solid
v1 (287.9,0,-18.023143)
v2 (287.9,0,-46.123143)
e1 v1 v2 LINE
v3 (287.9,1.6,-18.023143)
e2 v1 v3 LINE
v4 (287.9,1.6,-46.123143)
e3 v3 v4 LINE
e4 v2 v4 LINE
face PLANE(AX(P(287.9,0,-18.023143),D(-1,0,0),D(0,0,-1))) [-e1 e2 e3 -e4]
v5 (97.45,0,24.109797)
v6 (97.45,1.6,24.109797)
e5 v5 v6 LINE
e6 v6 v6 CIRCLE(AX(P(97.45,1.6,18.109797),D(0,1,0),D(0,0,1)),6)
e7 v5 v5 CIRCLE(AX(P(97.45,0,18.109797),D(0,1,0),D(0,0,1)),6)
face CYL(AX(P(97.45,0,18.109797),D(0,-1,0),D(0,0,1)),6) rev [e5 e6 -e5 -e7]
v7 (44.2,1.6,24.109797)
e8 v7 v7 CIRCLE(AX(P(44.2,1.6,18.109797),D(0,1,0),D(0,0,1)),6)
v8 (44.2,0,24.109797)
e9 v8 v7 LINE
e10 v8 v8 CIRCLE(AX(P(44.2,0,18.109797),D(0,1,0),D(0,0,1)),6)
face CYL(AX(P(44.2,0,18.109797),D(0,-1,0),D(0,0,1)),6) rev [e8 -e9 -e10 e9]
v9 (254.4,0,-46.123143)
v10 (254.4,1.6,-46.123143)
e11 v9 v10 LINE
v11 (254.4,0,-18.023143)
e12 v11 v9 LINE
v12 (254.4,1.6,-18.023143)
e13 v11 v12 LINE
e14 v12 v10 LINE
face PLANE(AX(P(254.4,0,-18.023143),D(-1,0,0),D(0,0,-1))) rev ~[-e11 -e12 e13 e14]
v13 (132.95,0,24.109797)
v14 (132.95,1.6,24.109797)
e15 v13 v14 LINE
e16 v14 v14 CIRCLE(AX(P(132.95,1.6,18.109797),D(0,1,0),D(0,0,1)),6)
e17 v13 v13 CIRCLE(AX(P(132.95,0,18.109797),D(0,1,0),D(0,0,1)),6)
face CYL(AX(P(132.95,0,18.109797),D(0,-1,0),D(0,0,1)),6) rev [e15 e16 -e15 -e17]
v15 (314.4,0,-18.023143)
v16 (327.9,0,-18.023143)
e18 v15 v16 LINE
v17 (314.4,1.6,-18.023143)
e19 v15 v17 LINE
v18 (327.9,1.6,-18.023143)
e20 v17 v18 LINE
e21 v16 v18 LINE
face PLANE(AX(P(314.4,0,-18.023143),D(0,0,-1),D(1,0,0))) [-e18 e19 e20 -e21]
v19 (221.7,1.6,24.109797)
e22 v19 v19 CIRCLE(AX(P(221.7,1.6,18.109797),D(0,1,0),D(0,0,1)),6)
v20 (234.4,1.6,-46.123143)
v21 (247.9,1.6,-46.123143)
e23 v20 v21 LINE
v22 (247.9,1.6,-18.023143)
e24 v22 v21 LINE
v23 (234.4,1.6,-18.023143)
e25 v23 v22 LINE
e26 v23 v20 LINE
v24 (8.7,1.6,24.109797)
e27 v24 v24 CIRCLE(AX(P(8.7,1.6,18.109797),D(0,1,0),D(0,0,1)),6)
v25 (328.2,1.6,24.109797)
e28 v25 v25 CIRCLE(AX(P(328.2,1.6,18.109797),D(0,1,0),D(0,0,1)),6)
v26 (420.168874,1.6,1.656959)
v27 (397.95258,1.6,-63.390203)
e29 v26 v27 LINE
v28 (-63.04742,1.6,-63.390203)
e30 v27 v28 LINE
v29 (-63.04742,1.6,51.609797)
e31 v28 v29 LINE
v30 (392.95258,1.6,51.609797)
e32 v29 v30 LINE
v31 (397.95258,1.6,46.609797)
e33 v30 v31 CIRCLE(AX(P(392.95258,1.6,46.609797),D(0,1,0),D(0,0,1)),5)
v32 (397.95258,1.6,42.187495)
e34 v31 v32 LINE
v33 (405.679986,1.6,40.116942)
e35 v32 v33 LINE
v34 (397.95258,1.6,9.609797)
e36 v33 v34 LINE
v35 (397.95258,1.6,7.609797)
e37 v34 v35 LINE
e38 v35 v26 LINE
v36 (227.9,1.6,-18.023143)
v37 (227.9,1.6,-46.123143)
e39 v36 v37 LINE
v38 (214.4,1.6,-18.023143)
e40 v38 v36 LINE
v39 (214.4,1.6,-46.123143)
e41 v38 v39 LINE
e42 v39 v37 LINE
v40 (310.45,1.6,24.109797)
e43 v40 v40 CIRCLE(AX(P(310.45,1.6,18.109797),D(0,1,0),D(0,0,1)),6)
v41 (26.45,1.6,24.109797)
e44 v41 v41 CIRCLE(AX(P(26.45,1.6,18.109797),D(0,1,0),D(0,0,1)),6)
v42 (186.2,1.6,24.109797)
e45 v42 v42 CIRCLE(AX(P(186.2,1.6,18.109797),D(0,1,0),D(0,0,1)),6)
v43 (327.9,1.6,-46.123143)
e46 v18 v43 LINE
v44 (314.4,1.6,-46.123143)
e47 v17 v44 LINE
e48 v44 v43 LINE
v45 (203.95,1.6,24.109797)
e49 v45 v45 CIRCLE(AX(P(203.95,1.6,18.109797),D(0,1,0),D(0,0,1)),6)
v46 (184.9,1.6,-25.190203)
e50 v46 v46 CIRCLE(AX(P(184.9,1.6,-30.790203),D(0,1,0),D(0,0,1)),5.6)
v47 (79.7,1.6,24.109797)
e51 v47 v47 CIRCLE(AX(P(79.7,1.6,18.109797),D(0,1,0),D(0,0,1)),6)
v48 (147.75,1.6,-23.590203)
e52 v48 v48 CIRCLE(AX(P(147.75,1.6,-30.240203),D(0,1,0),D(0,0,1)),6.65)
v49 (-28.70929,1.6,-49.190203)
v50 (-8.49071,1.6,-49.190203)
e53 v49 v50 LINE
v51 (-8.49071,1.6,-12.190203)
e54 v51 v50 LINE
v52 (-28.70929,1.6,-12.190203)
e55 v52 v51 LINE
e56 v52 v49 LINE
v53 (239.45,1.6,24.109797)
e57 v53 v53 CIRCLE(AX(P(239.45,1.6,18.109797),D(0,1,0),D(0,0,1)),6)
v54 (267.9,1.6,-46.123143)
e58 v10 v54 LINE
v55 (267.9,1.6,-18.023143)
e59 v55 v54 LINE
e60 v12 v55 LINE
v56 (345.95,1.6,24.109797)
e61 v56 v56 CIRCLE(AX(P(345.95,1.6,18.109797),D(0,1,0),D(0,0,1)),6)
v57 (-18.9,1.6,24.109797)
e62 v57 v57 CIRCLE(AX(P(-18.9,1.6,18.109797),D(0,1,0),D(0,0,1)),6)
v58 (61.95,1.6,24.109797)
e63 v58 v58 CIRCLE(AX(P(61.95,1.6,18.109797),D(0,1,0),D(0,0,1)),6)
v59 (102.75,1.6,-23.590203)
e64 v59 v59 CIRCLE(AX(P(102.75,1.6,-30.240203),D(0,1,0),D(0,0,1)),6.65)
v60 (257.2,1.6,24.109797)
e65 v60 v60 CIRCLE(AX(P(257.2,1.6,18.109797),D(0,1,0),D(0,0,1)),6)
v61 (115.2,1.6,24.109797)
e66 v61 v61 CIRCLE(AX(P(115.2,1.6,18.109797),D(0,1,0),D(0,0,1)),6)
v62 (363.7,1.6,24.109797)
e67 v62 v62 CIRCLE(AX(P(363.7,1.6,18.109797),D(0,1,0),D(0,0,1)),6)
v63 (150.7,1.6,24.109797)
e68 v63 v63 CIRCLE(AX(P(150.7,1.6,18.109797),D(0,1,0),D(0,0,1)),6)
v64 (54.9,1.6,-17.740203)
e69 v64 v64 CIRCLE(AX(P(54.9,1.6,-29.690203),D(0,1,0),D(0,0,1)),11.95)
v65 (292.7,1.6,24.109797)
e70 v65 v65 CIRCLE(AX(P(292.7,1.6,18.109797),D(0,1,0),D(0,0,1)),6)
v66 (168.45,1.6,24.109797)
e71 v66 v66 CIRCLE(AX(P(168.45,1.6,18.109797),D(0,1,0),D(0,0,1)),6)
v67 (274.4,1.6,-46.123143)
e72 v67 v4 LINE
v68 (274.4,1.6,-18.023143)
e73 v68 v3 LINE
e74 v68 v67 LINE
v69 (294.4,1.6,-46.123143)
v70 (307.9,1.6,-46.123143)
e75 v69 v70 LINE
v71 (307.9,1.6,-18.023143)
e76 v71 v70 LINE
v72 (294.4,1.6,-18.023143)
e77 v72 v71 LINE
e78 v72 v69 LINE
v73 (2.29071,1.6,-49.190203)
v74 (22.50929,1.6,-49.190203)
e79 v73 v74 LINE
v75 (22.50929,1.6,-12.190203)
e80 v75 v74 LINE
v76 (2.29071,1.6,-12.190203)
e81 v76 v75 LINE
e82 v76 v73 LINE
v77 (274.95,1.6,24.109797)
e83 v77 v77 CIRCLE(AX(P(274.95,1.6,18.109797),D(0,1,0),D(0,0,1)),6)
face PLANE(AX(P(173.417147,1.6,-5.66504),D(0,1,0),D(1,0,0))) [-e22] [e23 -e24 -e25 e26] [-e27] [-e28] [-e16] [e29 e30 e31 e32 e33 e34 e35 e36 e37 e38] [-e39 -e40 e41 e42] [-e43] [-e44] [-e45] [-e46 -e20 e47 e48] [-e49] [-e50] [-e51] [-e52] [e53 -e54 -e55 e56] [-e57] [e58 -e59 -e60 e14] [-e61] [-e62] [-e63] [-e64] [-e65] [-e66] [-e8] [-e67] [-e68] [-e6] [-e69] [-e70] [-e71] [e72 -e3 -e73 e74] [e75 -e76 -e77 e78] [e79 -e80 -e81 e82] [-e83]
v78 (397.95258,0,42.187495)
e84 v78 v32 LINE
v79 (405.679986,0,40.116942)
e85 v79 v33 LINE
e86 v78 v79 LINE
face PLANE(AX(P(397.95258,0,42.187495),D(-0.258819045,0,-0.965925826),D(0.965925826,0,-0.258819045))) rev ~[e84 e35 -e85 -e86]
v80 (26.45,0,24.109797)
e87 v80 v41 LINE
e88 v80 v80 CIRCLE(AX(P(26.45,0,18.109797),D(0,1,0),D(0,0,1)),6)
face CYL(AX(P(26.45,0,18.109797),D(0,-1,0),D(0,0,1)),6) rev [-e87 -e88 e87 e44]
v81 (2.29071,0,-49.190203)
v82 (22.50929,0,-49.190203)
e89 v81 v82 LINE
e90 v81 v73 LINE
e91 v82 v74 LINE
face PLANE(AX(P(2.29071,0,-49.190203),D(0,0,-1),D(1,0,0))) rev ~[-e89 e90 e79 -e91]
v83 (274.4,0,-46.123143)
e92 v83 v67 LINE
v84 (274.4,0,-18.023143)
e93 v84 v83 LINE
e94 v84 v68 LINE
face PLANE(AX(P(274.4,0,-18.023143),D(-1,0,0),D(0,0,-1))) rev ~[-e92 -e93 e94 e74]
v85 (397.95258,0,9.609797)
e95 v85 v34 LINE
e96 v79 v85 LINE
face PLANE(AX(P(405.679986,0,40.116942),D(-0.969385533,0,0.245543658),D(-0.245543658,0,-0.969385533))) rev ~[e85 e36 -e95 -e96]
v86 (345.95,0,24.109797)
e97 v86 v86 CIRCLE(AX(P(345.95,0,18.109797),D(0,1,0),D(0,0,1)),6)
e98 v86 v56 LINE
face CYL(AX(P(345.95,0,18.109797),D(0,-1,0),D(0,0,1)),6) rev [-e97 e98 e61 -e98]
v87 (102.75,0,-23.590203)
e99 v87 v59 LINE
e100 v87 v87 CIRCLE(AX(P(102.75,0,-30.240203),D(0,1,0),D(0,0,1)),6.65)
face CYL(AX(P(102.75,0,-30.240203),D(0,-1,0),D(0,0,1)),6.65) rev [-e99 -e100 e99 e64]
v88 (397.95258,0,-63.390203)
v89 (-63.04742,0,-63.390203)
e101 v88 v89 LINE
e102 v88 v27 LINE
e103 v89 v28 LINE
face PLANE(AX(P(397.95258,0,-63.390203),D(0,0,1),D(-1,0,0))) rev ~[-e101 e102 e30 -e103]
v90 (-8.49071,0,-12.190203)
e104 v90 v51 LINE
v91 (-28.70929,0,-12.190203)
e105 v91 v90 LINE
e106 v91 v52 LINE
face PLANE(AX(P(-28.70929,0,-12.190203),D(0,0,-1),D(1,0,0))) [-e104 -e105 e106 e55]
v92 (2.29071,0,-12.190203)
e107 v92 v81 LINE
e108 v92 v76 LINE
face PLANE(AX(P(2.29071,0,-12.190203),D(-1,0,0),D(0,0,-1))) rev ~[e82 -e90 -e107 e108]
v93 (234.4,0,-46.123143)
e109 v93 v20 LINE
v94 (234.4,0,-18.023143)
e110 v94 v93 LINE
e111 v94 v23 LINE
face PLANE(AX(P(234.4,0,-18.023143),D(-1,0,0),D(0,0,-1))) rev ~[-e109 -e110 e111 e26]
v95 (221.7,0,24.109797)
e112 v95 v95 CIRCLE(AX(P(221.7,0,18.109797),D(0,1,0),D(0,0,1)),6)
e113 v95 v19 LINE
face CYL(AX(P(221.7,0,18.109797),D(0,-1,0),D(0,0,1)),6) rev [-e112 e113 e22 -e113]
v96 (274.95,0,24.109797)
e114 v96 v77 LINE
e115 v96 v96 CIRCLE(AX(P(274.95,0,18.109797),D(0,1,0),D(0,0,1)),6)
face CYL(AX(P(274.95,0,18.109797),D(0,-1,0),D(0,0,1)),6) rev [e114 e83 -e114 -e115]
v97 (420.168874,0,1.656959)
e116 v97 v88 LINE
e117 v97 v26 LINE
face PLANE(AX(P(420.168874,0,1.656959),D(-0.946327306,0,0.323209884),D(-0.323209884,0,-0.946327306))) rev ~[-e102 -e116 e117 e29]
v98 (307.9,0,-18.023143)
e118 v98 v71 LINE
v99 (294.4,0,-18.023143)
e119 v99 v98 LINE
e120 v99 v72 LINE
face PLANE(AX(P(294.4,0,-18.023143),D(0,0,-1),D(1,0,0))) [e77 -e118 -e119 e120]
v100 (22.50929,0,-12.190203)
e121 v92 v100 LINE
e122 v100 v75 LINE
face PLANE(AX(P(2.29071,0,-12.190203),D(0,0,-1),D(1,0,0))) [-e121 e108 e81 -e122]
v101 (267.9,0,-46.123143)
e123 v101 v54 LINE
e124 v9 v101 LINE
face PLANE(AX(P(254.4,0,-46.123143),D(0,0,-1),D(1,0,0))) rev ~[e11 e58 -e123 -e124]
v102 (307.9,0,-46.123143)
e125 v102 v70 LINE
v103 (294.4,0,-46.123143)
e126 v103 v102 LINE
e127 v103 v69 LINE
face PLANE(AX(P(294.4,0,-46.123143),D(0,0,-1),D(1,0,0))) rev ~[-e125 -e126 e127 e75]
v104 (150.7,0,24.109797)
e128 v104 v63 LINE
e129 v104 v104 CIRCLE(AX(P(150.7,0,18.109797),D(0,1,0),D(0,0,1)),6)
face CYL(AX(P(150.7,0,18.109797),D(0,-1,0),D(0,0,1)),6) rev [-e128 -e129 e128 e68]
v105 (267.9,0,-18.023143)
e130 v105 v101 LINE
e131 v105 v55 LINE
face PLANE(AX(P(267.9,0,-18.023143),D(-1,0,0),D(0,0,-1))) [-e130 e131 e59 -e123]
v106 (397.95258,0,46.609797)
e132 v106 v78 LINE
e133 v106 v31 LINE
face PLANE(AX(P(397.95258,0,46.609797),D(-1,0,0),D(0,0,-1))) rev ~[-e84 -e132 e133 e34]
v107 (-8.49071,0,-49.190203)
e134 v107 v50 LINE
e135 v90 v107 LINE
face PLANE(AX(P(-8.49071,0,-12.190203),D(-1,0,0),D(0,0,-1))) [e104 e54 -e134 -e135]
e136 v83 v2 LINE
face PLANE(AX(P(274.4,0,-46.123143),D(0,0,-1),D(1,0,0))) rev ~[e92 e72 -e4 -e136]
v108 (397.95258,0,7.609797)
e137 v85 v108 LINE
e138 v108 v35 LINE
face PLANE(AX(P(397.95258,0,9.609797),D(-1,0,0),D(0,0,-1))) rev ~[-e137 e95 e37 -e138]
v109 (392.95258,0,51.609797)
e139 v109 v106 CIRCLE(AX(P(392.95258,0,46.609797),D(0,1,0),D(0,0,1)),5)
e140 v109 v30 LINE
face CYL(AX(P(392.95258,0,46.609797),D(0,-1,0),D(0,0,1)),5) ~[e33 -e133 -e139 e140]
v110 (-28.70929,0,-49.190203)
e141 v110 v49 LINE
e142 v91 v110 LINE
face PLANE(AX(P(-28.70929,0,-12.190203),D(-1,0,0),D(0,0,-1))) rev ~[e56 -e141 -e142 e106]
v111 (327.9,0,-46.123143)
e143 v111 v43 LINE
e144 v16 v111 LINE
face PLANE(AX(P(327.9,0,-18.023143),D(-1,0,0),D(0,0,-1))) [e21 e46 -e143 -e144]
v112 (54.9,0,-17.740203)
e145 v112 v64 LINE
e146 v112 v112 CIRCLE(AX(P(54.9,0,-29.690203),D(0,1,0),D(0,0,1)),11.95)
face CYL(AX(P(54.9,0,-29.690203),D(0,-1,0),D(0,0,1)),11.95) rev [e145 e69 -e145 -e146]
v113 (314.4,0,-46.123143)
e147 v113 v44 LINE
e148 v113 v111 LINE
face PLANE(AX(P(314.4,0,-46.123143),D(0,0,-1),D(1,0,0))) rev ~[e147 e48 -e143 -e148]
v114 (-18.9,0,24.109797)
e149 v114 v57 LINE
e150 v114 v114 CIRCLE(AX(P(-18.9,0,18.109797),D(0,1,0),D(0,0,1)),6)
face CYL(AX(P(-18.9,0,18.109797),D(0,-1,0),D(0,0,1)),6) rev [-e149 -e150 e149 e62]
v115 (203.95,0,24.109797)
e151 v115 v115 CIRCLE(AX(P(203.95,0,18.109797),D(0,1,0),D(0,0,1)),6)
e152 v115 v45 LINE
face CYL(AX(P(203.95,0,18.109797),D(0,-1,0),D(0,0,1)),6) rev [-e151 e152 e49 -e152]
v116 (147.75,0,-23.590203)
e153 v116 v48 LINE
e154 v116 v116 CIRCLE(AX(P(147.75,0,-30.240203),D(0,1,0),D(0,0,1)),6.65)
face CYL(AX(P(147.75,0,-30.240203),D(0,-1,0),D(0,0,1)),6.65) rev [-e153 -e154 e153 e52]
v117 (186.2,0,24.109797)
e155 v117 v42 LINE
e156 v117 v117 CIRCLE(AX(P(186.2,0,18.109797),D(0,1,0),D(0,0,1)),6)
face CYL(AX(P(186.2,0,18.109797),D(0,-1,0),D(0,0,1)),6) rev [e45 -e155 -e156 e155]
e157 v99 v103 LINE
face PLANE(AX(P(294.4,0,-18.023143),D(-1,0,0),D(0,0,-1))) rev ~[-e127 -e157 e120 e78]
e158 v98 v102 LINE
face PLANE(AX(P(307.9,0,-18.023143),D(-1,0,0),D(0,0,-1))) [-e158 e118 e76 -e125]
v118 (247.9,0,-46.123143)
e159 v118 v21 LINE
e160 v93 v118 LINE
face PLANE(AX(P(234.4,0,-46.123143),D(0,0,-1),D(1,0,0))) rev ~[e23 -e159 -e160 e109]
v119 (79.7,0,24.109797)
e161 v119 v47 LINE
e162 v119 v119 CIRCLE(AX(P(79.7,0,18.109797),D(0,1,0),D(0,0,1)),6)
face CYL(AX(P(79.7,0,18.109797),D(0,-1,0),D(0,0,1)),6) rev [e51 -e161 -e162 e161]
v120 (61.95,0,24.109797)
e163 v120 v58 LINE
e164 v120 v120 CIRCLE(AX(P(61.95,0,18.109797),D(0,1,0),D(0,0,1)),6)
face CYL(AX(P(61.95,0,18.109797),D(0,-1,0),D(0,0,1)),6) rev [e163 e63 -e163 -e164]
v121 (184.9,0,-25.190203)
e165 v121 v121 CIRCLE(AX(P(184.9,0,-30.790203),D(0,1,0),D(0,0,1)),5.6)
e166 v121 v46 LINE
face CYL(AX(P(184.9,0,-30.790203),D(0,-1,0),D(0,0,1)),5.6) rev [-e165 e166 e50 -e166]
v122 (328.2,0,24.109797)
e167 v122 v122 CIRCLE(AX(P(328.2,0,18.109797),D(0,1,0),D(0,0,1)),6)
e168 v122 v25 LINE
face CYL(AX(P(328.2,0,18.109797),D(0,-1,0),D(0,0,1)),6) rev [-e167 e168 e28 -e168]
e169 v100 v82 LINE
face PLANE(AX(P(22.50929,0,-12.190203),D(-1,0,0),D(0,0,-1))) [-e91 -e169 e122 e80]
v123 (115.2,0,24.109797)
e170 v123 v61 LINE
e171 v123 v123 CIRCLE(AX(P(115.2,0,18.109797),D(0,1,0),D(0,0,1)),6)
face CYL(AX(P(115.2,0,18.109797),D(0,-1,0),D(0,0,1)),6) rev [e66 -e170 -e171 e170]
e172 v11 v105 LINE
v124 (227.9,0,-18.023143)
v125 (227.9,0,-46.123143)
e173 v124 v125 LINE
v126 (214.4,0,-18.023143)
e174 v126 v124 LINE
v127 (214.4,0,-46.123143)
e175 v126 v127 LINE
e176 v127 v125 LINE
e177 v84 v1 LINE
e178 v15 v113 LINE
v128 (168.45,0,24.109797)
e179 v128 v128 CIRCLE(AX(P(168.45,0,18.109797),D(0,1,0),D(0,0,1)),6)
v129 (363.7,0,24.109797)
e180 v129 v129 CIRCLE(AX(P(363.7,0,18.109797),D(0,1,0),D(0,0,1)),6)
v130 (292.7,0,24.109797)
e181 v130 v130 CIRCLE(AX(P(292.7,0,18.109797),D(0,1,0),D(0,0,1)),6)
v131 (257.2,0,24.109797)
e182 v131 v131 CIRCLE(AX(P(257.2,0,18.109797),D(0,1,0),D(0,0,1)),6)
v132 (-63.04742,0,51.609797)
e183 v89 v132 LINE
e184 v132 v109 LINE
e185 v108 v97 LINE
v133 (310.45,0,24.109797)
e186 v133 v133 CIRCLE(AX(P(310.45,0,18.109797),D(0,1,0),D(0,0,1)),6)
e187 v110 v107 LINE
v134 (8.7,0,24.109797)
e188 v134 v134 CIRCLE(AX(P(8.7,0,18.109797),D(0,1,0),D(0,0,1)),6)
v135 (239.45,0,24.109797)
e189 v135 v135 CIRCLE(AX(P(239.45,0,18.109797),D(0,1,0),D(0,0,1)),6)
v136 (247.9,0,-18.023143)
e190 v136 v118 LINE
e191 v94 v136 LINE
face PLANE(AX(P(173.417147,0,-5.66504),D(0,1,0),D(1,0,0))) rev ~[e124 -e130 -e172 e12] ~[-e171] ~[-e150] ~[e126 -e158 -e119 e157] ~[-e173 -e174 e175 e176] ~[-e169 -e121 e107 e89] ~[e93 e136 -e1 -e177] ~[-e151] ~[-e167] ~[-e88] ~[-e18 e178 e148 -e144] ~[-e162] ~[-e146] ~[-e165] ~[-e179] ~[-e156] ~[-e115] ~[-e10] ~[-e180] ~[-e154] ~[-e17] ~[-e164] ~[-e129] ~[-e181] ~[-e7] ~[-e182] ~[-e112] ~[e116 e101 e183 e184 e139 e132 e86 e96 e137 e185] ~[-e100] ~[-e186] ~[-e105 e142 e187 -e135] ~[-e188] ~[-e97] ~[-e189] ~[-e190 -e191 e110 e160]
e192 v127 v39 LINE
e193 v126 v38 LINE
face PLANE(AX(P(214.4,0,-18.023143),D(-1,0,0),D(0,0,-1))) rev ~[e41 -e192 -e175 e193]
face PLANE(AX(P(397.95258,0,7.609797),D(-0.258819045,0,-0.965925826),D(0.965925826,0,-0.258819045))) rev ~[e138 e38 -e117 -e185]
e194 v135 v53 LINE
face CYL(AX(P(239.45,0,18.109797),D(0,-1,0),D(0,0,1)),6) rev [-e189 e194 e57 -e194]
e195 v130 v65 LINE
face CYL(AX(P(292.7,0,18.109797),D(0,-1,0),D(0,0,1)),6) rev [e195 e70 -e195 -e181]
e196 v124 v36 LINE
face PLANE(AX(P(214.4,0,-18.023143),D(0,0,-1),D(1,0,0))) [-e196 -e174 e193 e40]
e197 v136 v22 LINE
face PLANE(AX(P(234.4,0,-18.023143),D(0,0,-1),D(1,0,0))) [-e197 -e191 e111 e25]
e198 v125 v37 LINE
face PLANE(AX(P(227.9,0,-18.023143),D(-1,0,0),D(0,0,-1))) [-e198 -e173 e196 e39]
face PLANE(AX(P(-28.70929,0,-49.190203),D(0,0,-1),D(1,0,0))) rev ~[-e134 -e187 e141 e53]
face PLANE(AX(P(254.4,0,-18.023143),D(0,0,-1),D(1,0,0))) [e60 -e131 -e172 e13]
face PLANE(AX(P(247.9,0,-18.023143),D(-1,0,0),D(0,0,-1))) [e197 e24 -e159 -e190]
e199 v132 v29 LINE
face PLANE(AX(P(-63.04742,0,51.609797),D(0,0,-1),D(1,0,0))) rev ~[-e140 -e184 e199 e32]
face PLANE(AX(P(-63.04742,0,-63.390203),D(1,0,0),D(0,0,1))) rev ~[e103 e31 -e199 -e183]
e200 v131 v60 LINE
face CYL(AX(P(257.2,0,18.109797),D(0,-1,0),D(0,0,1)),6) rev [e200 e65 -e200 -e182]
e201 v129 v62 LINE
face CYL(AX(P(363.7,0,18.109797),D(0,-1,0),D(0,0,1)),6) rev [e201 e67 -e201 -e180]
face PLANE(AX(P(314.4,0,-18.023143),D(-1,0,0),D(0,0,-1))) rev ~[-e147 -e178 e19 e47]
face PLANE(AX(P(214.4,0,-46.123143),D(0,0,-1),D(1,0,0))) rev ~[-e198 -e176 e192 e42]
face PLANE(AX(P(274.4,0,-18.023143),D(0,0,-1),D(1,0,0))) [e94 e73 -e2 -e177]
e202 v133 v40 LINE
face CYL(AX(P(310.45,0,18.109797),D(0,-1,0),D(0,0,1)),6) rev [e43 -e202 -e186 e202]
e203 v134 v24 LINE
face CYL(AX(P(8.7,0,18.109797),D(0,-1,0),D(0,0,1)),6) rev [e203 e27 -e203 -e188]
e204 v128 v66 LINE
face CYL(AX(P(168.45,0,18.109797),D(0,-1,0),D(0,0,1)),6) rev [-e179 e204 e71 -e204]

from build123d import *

# Parameters (mm, degrees)
SKETCH4_R           = 11.95
SKETCH4_R_2         = 6.65
SKETCH4_R_3         = 5.6
SKETCH4_R_4         = 6
SKETCH4_W           = 20.218579234
SKETCH4_H           = 37
SKETCH4_W_2         = 13.5
SKETCH4_H_2         = 28.1
BOSS_EXTRUDE3_DEPTH = 1.6


with BuildPart() as part:
    # Sketch4 → Boss-Extrude3 (new body)
    with BuildSketch(Plane(origin=(0, 0, 0), x_dir=(1, 0, 0), z_dir=(0, 1, 0))):
        with BuildLine():
            Line((-63.047420146, 63.390203379), (-63.047420146, -51.609796621))
            Line((-63.047420146, -51.609796621), (392.952579854, -51.609796621))
            ThreePointArc((392.952579854, -51.609796621), (396.48811376, -50.145330527), (397.952579854, -46.609796621))
            Line((397.952579854, -46.609796621), (397.952579854, -42.187494758))
            Line((397.952579854, -42.187494758), (405.679986464, -40.116942397))
            Line((405.679986464, -40.116942397), (397.952579854, -9.609796621))
            Line((397.952579854, -9.609796621), (397.952579854, -7.609796621))
            Line((397.952579854, -7.609796621), (420.168873859, -1.656958583))
            Line((420.168873859, -1.656958583), (397.952579854, 63.390203379))
            Line((397.952579854, 63.390203379), (-63.047420146, 63.390203379))
        make_face()
        with Locations(Location((54.9, 29.690203379, 0), (0, 0, 270))):
            Circle(SKETCH4_R, mode=Mode.SUBTRACT)
        with Locations(Location((102.75, 30.240203379, 0), (0, 0, 270))):
            Circle(SKETCH4_R_2, mode=Mode.SUBTRACT)
        with Locations(Location((147.75, 30.240203379, 0), (0, 0, 270))):
            Circle(SKETCH4_R_2, mode=Mode.SUBTRACT)
        with Locations(Location((184.9, 30.790203379, 0), (0, 0, 270))):
            Circle(SKETCH4_R_3, mode=Mode.SUBTRACT)
        with Locations(Location((-18.9, -18.109796621, 0), (0, 0, 270))):
            Circle(SKETCH4_R_4, mode=Mode.SUBTRACT)
        with Locations(Location((8.7, -18.109796621, 0), (0, 0, 270))):
            Circle(SKETCH4_R_4, mode=Mode.SUBTRACT)
        with Locations(Location((26.45, -18.109796621, 0), (0, 0, 270))):
            Circle(SKETCH4_R_4, mode=Mode.SUBTRACT)
        with Locations(Location((44.2, -18.109796621, 0), (0, 0, 270))):
            Circle(SKETCH4_R_4, mode=Mode.SUBTRACT)
        with Locations(Location((61.95, -18.109796621, 0), (0, 0, 270))):
            Circle(SKETCH4_R_4, mode=Mode.SUBTRACT)
        with Locations(Location((79.7, -18.109796621, 0), (0, 0, 270))):
            Circle(SKETCH4_R_4, mode=Mode.SUBTRACT)
        with Locations(Location((97.45, -18.109796621, 0), (0, 0, 270))):
            Circle(SKETCH4_R_4, mode=Mode.SUBTRACT)
        with Locations(Location((115.2, -18.109796621, 0), (0, 0, 270))):
            Circle(SKETCH4_R_4, mode=Mode.SUBTRACT)
        with Locations(Location((132.95, -18.109796621, 0), (0, 0, 270))):
            Circle(SKETCH4_R_4, mode=Mode.SUBTRACT)
        with Locations(Location((150.7, -18.109796621, 0), (0, 0, 270))):
            Circle(SKETCH4_R_4, mode=Mode.SUBTRACT)
        with Locations(Location((168.45, -18.109796621, 0), (0, 0, 270))):
            Circle(SKETCH4_R_4, mode=Mode.SUBTRACT)
        with Locations(Location((186.2, -18.109796621, 0), (0, 0, 270))):
            Circle(SKETCH4_R_4, mode=Mode.SUBTRACT)
        with Locations(Location((203.95, -18.109796621, 0), (0, 0, 270))):
            Circle(SKETCH4_R_4, mode=Mode.SUBTRACT)
        with Locations(Location((221.7, -18.109796621, 0), (0, 0, 270))):
            Circle(SKETCH4_R_4, mode=Mode.SUBTRACT)
        with Locations(Location((239.45, -18.109796621, 0), (0, 0, 270))):
            Circle(SKETCH4_R_4, mode=Mode.SUBTRACT)
        with Locations(Location((257.2, -18.109796621, 0), (0, 0, 270))):
            Circle(SKETCH4_R_4, mode=Mode.SUBTRACT)
        with Locations(Location((274.95, -18.109796621, 0), (0, 0, 270))):
            Circle(SKETCH4_R_4, mode=Mode.SUBTRACT)
        with Locations(Location((292.7, -18.109796621, 0), (0, 0, 270))):
            Circle(SKETCH4_R_4, mode=Mode.SUBTRACT)
        with Locations(Location((310.45, -18.109796621, 0), (0, 0, 270))):
            Circle(SKETCH4_R_4, mode=Mode.SUBTRACT)
        with Locations(Location((328.2, -18.109796621, 0), (0, 0, 270))):
            Circle(SKETCH4_R_4, mode=Mode.SUBTRACT)
        with Locations(Location((345.95, -18.109796621, 0), (0, 0, 270))):
            Circle(SKETCH4_R_4, mode=Mode.SUBTRACT)
        with Locations(Location((363.7, -18.109796621, 0), (0, 0, 270))):
            Circle(SKETCH4_R_4, mode=Mode.SUBTRACT)
        with Locations((-18.6, 30.690203379)):
            Rectangle(SKETCH4_W, SKETCH4_H, mode=Mode.SUBTRACT)
        with Locations((12.4, 30.690203379)):
            Rectangle(SKETCH4_W, SKETCH4_H, mode=Mode.SUBTRACT)
        with Locations((241.15, 32.073143277)):
            Rectangle(SKETCH4_W_2, SKETCH4_H_2, mode=Mode.SUBTRACT)
        with Locations((221.15, 32.073143277)):
            Rectangle(SKETCH4_W_2, SKETCH4_H_2, mode=Mode.SUBTRACT)
        with Locations((261.15, 32.073143277)):
            Rectangle(SKETCH4_W_2, SKETCH4_H_2, mode=Mode.SUBTRACT)
        with Locations((281.15, 32.073143277)):
            Rectangle(SKETCH4_W_2, SKETCH4_H_2, mode=Mode.SUBTRACT)
        with Locations((301.15, 32.073143277)):
            Rectangle(SKETCH4_W_2, SKETCH4_H_2, mode=Mode.SUBTRACT)
        with Locations((321.15, 32.073143277)):
            Rectangle(SKETCH4_W_2, SKETCH4_H_2, mode=Mode.SUBTRACT)
    extrude(amount=BOSS_EXTRUDE3_DEPTH)


solid = part.part
